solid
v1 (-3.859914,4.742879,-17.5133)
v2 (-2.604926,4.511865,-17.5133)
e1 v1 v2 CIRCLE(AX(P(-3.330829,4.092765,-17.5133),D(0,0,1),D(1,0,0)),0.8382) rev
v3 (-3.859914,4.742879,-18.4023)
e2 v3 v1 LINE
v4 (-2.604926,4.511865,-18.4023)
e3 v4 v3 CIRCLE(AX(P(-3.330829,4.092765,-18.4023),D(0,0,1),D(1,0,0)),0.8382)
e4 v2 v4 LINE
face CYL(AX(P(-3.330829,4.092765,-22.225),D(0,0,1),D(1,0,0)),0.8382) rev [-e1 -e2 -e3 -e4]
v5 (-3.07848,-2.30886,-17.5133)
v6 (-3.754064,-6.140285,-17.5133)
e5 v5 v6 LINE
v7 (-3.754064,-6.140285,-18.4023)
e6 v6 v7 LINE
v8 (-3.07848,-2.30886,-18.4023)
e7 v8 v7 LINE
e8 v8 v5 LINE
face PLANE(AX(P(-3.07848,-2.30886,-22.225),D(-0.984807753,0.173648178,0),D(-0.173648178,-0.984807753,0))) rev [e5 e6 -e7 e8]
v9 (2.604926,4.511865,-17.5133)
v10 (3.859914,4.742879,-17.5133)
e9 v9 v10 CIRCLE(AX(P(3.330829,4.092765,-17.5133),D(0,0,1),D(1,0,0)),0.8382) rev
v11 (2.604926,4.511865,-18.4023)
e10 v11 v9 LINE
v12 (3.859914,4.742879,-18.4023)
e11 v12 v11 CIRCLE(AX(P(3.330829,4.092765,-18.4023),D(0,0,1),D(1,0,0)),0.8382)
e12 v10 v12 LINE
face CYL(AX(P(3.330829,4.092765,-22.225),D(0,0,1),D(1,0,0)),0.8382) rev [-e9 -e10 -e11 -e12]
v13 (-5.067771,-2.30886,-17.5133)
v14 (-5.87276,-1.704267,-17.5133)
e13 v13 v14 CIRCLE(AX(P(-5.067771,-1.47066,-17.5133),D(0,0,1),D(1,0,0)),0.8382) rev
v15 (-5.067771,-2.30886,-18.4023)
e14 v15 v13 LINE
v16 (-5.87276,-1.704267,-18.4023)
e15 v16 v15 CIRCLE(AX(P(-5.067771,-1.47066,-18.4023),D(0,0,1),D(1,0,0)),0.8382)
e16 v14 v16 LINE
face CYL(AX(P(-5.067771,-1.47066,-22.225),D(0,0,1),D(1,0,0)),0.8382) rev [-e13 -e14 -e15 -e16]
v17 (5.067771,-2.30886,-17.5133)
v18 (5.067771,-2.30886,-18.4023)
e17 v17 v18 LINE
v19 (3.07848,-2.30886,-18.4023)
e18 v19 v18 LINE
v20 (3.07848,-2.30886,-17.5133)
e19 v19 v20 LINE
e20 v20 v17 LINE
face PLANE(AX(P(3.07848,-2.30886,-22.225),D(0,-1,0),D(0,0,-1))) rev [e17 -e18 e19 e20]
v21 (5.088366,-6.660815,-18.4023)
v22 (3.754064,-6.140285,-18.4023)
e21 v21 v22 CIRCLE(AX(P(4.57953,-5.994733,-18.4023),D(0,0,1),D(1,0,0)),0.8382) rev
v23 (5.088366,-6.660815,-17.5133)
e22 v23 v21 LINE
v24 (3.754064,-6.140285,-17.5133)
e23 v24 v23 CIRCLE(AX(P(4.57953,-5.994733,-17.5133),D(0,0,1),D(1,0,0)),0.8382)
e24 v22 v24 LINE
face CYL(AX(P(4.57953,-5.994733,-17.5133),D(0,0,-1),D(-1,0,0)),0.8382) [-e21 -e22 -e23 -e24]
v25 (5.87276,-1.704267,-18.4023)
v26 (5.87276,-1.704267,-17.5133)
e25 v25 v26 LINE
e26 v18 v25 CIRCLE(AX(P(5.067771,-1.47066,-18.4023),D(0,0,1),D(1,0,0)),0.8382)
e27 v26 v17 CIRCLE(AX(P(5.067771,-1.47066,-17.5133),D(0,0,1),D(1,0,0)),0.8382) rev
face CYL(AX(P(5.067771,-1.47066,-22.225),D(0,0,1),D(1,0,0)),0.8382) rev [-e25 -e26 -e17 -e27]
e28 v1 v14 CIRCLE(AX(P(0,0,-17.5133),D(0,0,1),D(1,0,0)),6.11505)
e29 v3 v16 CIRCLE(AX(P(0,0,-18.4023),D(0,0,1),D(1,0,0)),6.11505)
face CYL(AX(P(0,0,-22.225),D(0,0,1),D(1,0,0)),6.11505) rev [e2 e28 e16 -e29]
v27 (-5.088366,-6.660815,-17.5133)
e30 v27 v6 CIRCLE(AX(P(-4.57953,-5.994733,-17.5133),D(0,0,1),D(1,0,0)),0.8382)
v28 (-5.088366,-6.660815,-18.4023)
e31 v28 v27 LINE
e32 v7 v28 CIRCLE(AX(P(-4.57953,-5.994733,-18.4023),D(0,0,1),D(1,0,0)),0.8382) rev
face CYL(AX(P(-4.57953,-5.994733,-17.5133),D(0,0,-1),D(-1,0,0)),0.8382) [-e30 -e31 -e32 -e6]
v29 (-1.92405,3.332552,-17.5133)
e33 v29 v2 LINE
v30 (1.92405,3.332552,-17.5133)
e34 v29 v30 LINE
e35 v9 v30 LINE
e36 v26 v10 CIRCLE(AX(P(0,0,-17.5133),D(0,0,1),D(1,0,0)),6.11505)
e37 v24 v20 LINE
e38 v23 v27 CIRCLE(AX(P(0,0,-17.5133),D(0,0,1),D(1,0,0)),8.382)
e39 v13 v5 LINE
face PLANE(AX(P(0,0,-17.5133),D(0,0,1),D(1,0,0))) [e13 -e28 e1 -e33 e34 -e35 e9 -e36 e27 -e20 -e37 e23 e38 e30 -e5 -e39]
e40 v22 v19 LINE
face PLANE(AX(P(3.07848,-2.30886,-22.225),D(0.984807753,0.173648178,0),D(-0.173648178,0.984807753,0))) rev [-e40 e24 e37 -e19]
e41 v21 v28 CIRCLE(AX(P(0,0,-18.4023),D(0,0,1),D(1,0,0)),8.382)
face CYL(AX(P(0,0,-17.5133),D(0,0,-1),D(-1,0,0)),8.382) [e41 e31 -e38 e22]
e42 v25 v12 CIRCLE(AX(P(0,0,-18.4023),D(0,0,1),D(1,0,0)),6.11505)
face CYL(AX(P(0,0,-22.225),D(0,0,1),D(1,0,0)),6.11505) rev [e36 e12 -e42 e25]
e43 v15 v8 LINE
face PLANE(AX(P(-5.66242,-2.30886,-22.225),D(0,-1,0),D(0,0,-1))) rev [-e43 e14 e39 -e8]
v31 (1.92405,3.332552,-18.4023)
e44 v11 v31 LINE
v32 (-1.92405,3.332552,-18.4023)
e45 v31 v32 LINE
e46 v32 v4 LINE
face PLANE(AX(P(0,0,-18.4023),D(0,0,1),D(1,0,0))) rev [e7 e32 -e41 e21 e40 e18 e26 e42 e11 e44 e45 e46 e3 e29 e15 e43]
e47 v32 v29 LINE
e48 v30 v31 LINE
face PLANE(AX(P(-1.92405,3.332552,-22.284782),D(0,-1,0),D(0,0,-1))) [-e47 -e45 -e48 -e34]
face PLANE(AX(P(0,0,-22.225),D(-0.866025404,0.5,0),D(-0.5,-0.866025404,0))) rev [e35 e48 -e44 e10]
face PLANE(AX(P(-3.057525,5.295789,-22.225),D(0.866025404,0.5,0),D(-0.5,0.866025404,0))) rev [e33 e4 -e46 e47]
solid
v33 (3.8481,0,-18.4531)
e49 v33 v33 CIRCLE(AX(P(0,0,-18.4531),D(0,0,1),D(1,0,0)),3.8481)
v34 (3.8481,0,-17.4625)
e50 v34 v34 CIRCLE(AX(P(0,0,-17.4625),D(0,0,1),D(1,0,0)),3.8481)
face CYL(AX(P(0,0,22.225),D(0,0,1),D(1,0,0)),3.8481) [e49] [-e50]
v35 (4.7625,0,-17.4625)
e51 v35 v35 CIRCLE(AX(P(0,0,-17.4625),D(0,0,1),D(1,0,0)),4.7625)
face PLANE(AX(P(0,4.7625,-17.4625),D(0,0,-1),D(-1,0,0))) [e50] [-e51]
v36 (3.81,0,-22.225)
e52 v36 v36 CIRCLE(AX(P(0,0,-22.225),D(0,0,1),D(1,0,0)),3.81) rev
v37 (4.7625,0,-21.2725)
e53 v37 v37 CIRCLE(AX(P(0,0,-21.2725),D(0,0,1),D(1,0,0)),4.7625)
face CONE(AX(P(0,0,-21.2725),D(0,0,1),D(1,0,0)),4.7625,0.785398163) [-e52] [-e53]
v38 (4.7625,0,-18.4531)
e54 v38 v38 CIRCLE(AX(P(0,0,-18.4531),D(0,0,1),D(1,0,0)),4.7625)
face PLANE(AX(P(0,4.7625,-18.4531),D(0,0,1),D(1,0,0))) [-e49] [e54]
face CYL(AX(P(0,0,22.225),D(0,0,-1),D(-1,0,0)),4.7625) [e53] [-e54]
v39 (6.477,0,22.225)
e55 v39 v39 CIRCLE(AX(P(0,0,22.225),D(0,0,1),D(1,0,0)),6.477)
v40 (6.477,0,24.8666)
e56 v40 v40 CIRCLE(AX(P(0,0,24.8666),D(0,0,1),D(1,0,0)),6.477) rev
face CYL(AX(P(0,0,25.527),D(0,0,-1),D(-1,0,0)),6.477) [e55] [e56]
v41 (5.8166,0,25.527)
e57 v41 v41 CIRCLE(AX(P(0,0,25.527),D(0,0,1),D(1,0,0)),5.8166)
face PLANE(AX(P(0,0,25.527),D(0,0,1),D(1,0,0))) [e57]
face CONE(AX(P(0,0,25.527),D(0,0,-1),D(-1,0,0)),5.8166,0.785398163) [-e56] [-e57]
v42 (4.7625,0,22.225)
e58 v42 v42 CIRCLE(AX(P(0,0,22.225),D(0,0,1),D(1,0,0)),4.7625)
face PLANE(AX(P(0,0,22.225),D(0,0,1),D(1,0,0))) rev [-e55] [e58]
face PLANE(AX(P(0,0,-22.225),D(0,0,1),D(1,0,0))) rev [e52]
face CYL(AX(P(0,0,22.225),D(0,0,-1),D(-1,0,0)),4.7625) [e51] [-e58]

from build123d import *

# Parameters (mm, degrees)
SKETCH2_R      = 4.7625
EXTRUDE1_DEPTH = 22.225
SKETCH3_W      = 0.9906
SKETCH3_H      = 0.9144
SKETCH8_R      = 6.477
EXTRUDE6_DEPTH = 3.302
CHAMFER2_SIZE  = 0.6604
SKETCH4_R      = 8.382
SKETCH4_R_2    = 3.8481
EXTRUDE2_DEPTH = 0.4445
EXTRUDE4_DEPTH = 23.225
EXTRUDE5_DEPTH = 0.889
FILLET1_R      = 0.8382
CHAMFER1_SIZE  = 0.9525


with BuildPart() as part:
    # Sketch2 → Extrude1 (new body, symmetric)
    with BuildSketch(Plane.XY):
        Circle(SKETCH2_R)
    extrude(amount=EXTRUDE1_DEPTH, both=True)

    # Sketch3 → Cut-Revolve1 (revolve, cut)
    with BuildSketch(Plane(origin=(0, 0, 0), x_dir=(0, 0, -1), z_dir=(1, 0, 0))):
        with Locations((17.9578, 4.3053)):
            Rectangle(SKETCH3_W, SKETCH3_H)
    revolve(axis=Axis((0, 0, 22.225), (0, 0, -1)), mode=Mode.SUBTRACT)

    # Sketch8 → Extrude6 (add)
    with BuildSketch(Plane.XY.offset(22.225)):
        Circle(SKETCH8_R)
    extrude(amount=EXTRUDE6_DEPTH)

    # Chamfer2
    chamfer2_edges = [part.edges().sort_by_distance(p)[0] for p in [
        (-6.477, 0, 25.527),
    ]]
    chamfer(chamfer2_edges, length=CHAMFER2_SIZE)

    # Chamfer1
    chamfer1_edges = [part.edges().sort_by_distance(p)[0] for p in [
        (-4.7625, 0, -22.225),
    ]]
    chamfer(chamfer1_edges, length=CHAMFER1_SIZE)


with BuildPart() as body_2:
    # Sketch4 → Extrude2 (new body, symmetric)
    with BuildSketch(Plane.XY.offset(-17.9578)):
        Circle(SKETCH4_R)
        Circle(SKETCH4_R_2, mode=Mode.SUBTRACT)
    extrude(amount=EXTRUDE2_DEPTH, both=True)

    # Sketch5 → Extrude4 (cut, through all)
    with BuildSketch(Plane.XY):
        with BuildLine():
            Line((-3.057525, 5.295788645), (0, 0))
            Line((0, 0), (3.057525, 5.295788645))
            ThreePointArc((3.057525, 5.295788645), (5.785069674, 1.981616859), (5.662420154, -2.30886))
            Line((5.662420154, -2.30886), (3.07848, -2.30886))
            Line((3.07848, -2.30886), (3.972784338, -7.380711931))
            ThreePointArc((3.972784338, -7.380711931), (0, -8.382), (-3.972784338, -7.380711931))
            Line((-3.972784338, -7.380711931), (-3.07848, -2.30886))
            Line((-3.07848, -2.30886), (-5.662420154, -2.30886))
            ThreePointArc((-5.662420154, -2.30886), (-5.785069674, 1.981616859), (-3.057525, 5.295788645))
        make_face()
    extrude(amount=-EXTRUDE4_DEPTH, mode=Mode.SUBTRACT)

    # Sketch6 → Extrude5 (add)
    with BuildSketch(Plane.XY.offset(-17.5133)):
        with BuildLine():
            Line((-1.92405, 3.332552356), (1.92405, 3.332552356))
            ThreePointArc((1.92405, 3.332552356), (0, 3.8481), (-1.92405, 3.332552356))
        make_face()
    extrude(amount=-EXTRUDE5_DEPTH)

    # Fillet1
    fillet1_edges = [body_2.edges().sort_by_distance(p)[0] for p in [
        (3.057525, 5.295788645, -17.9578),
        (3.972784338, -7.380711931, -17.9578),
        (-5.662420154, -2.30886, -17.9578),
        (5.662420154, -2.30886, -17.9578),
        (-3.972784338, -7.380711931, -17.9578),
        (-3.057525, 5.295788645, -17.9578),
    ]]
    fillet(fillet1_edges, radius=FILLET1_R)


solid = Compound([part.part, body_2.part])
